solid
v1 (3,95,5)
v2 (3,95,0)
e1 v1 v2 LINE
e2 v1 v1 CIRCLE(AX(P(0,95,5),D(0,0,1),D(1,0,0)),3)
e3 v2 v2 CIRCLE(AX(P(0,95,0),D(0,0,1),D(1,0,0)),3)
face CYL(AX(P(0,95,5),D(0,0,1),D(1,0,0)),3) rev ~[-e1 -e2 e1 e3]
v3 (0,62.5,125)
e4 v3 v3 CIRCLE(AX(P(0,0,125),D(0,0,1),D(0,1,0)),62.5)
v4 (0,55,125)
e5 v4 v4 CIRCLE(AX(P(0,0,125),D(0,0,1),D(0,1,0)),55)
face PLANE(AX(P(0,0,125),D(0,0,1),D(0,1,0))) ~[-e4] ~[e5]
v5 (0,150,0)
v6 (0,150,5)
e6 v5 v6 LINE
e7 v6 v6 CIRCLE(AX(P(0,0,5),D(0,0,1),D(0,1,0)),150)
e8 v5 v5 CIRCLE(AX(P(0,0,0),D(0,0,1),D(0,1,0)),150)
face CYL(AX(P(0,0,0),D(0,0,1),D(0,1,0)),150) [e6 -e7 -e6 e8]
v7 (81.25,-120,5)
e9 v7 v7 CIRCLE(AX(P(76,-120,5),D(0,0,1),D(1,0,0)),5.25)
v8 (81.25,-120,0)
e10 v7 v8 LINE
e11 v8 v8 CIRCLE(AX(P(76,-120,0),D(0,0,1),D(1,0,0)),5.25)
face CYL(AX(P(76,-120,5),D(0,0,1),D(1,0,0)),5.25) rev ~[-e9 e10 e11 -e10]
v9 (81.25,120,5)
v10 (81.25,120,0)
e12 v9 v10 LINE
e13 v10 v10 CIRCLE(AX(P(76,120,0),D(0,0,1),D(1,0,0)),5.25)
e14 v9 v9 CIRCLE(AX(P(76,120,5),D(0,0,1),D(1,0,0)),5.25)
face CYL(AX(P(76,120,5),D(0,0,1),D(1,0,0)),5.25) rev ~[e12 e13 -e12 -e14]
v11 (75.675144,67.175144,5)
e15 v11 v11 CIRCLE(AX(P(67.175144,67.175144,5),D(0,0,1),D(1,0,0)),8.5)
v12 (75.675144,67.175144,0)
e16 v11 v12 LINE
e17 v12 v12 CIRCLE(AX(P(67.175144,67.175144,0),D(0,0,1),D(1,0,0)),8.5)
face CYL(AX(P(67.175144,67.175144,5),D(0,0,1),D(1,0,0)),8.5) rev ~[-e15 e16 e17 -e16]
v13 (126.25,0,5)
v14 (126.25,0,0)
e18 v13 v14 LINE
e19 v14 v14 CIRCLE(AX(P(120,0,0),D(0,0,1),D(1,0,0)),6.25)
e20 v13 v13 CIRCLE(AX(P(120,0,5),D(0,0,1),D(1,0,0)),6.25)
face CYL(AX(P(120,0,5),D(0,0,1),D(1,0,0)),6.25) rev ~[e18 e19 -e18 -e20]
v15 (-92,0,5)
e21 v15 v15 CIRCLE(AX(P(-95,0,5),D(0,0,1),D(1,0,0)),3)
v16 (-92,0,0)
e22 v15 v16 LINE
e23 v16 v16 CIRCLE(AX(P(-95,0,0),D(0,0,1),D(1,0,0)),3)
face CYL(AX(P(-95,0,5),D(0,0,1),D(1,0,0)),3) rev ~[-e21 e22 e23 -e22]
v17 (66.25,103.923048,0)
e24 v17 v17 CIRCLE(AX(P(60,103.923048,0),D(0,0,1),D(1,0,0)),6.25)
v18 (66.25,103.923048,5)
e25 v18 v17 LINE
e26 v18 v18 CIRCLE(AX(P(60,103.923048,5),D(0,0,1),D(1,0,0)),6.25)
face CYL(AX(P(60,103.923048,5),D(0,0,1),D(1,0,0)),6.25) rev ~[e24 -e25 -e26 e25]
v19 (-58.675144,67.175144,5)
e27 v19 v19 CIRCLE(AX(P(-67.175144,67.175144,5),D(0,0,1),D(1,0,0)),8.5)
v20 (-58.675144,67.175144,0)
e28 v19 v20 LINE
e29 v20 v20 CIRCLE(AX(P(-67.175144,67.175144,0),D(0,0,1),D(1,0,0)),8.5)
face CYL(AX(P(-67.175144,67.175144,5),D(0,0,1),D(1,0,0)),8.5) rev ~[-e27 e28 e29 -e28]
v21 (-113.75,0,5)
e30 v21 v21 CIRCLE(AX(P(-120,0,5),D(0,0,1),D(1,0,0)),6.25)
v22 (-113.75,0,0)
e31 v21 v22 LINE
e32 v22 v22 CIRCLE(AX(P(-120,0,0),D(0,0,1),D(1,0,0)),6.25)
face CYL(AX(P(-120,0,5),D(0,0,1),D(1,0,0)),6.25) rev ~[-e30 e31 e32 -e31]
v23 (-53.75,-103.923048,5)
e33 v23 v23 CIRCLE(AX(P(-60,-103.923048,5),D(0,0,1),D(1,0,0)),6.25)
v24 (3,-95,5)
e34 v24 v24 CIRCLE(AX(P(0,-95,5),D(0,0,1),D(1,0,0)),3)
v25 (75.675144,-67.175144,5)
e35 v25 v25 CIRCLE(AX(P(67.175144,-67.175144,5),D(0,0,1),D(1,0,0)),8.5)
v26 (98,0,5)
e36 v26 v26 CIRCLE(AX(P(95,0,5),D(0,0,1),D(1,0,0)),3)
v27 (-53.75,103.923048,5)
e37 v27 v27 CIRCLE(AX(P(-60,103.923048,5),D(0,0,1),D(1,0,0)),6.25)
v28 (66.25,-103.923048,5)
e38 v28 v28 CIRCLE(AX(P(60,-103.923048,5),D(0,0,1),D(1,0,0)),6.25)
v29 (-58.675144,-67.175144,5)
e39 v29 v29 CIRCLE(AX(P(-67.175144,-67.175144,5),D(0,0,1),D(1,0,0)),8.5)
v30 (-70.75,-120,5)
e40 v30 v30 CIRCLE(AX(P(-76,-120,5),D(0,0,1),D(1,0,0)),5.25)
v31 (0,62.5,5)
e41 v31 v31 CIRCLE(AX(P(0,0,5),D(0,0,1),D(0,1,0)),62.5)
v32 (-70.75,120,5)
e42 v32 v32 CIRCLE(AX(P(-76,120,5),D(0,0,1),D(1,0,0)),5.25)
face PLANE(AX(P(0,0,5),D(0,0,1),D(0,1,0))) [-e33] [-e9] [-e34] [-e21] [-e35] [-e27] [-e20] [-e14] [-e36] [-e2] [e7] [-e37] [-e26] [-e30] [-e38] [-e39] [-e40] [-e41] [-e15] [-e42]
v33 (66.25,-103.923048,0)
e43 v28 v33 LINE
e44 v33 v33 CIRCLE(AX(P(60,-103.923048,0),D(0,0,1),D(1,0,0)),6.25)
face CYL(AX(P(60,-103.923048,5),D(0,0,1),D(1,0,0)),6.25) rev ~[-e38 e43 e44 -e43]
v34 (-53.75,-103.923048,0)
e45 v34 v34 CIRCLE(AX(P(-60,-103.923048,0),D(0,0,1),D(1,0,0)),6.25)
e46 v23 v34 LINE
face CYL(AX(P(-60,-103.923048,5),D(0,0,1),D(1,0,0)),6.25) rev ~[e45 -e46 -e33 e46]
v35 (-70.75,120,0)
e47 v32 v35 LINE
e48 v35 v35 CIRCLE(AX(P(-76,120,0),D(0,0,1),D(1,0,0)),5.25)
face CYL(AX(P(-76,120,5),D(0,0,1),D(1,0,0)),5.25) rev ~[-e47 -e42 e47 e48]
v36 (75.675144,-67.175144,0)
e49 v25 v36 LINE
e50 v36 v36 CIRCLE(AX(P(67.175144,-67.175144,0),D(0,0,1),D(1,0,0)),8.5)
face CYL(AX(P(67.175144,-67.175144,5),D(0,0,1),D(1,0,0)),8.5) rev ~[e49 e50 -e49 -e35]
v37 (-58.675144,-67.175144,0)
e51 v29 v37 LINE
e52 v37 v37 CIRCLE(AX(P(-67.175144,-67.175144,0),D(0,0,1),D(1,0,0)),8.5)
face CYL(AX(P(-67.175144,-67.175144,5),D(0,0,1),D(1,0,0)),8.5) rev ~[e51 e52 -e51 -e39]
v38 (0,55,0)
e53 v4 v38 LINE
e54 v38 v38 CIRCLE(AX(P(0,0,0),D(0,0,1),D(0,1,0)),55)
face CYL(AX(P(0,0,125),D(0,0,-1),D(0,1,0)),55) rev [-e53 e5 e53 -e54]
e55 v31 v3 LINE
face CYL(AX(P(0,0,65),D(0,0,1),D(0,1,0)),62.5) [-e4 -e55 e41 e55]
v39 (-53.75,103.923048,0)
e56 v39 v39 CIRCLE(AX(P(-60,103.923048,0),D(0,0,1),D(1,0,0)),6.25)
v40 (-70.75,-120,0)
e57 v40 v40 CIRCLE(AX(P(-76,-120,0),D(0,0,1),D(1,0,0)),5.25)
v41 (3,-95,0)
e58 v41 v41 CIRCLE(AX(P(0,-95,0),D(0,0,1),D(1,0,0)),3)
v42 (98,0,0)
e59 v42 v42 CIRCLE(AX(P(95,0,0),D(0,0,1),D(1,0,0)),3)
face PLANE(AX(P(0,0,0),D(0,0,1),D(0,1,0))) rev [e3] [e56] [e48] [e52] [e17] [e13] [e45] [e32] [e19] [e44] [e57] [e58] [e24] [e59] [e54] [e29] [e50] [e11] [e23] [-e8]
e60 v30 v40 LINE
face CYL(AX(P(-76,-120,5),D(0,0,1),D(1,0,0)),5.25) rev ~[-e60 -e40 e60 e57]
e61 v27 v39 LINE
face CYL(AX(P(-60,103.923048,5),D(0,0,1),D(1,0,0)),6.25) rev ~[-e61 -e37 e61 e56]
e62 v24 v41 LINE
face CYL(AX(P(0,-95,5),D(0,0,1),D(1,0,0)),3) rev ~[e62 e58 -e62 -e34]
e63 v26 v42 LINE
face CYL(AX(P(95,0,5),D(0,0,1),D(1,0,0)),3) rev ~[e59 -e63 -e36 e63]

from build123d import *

# Parameters (mm, degrees)
F0_W     = 7.5
F0_H     = 120
F2_R     = 6.25
F2_R_2   = 3
F2_R_3   = 8.5
F2_R_4   = 5.25
F3_DEPTH = 5.001


with BuildPart() as f1:
    # F0 (on Right) → F1 (revolve)
    with BuildSketch(Plane.YZ):
        Polygon((55, 5), (55, 0), (150, 0), (150, 5), (62.5, 5), align=None)
        with Locations((58.75, 65)):
            Rectangle(F0_W, F0_H)
    revolve(axis=Axis((0, 0, 87.986202), (0, 0, 1)))

    # F2 (on face) → F3 (cut, through all)
    with BuildSketch(Plane.XY.offset(5)):
        with Locations((-120, 0)):
            Circle(F2_R)
        with Locations((-60, -103.923048)):
            Circle(F2_R)
        with Locations((60, -103.923048)):
            Circle(F2_R)
        with Locations((120, 0)):
            Circle(F2_R)
        with Locations((60, 103.923048)):
            Circle(F2_R)
        with Locations((-60, 103.923048)):
            Circle(F2_R)
        with Locations((0, 95)):
            Circle(F2_R_2)
        with Locations((-95, 0)):
            Circle(F2_R_2)
        with Locations((0, -95)):
            Circle(F2_R_2)
        with Locations((95, 0)):
            Circle(F2_R_2)
        with Locations((-67.175144, 67.175144)):
            Circle(F2_R_3)
        with Locations((-67.175144, -67.175144)):
            Circle(F2_R_3)
        with Locations((67.175144, -67.175144)):
            Circle(F2_R_3)
        with Locations((67.175144, 67.175144)):
            Circle(F2_R_3)
        with Locations((-76, 120)):
            Circle(F2_R_4)
        with Locations((-76, -120)):
            Circle(F2_R_4)
        with Locations((76, 120)):
            Circle(F2_R_4)
        with Locations((76, -120)):
            Circle(F2_R_4)
    extrude(amount=-F3_DEPTH, mode=Mode.SUBTRACT)


solid = f1.part
